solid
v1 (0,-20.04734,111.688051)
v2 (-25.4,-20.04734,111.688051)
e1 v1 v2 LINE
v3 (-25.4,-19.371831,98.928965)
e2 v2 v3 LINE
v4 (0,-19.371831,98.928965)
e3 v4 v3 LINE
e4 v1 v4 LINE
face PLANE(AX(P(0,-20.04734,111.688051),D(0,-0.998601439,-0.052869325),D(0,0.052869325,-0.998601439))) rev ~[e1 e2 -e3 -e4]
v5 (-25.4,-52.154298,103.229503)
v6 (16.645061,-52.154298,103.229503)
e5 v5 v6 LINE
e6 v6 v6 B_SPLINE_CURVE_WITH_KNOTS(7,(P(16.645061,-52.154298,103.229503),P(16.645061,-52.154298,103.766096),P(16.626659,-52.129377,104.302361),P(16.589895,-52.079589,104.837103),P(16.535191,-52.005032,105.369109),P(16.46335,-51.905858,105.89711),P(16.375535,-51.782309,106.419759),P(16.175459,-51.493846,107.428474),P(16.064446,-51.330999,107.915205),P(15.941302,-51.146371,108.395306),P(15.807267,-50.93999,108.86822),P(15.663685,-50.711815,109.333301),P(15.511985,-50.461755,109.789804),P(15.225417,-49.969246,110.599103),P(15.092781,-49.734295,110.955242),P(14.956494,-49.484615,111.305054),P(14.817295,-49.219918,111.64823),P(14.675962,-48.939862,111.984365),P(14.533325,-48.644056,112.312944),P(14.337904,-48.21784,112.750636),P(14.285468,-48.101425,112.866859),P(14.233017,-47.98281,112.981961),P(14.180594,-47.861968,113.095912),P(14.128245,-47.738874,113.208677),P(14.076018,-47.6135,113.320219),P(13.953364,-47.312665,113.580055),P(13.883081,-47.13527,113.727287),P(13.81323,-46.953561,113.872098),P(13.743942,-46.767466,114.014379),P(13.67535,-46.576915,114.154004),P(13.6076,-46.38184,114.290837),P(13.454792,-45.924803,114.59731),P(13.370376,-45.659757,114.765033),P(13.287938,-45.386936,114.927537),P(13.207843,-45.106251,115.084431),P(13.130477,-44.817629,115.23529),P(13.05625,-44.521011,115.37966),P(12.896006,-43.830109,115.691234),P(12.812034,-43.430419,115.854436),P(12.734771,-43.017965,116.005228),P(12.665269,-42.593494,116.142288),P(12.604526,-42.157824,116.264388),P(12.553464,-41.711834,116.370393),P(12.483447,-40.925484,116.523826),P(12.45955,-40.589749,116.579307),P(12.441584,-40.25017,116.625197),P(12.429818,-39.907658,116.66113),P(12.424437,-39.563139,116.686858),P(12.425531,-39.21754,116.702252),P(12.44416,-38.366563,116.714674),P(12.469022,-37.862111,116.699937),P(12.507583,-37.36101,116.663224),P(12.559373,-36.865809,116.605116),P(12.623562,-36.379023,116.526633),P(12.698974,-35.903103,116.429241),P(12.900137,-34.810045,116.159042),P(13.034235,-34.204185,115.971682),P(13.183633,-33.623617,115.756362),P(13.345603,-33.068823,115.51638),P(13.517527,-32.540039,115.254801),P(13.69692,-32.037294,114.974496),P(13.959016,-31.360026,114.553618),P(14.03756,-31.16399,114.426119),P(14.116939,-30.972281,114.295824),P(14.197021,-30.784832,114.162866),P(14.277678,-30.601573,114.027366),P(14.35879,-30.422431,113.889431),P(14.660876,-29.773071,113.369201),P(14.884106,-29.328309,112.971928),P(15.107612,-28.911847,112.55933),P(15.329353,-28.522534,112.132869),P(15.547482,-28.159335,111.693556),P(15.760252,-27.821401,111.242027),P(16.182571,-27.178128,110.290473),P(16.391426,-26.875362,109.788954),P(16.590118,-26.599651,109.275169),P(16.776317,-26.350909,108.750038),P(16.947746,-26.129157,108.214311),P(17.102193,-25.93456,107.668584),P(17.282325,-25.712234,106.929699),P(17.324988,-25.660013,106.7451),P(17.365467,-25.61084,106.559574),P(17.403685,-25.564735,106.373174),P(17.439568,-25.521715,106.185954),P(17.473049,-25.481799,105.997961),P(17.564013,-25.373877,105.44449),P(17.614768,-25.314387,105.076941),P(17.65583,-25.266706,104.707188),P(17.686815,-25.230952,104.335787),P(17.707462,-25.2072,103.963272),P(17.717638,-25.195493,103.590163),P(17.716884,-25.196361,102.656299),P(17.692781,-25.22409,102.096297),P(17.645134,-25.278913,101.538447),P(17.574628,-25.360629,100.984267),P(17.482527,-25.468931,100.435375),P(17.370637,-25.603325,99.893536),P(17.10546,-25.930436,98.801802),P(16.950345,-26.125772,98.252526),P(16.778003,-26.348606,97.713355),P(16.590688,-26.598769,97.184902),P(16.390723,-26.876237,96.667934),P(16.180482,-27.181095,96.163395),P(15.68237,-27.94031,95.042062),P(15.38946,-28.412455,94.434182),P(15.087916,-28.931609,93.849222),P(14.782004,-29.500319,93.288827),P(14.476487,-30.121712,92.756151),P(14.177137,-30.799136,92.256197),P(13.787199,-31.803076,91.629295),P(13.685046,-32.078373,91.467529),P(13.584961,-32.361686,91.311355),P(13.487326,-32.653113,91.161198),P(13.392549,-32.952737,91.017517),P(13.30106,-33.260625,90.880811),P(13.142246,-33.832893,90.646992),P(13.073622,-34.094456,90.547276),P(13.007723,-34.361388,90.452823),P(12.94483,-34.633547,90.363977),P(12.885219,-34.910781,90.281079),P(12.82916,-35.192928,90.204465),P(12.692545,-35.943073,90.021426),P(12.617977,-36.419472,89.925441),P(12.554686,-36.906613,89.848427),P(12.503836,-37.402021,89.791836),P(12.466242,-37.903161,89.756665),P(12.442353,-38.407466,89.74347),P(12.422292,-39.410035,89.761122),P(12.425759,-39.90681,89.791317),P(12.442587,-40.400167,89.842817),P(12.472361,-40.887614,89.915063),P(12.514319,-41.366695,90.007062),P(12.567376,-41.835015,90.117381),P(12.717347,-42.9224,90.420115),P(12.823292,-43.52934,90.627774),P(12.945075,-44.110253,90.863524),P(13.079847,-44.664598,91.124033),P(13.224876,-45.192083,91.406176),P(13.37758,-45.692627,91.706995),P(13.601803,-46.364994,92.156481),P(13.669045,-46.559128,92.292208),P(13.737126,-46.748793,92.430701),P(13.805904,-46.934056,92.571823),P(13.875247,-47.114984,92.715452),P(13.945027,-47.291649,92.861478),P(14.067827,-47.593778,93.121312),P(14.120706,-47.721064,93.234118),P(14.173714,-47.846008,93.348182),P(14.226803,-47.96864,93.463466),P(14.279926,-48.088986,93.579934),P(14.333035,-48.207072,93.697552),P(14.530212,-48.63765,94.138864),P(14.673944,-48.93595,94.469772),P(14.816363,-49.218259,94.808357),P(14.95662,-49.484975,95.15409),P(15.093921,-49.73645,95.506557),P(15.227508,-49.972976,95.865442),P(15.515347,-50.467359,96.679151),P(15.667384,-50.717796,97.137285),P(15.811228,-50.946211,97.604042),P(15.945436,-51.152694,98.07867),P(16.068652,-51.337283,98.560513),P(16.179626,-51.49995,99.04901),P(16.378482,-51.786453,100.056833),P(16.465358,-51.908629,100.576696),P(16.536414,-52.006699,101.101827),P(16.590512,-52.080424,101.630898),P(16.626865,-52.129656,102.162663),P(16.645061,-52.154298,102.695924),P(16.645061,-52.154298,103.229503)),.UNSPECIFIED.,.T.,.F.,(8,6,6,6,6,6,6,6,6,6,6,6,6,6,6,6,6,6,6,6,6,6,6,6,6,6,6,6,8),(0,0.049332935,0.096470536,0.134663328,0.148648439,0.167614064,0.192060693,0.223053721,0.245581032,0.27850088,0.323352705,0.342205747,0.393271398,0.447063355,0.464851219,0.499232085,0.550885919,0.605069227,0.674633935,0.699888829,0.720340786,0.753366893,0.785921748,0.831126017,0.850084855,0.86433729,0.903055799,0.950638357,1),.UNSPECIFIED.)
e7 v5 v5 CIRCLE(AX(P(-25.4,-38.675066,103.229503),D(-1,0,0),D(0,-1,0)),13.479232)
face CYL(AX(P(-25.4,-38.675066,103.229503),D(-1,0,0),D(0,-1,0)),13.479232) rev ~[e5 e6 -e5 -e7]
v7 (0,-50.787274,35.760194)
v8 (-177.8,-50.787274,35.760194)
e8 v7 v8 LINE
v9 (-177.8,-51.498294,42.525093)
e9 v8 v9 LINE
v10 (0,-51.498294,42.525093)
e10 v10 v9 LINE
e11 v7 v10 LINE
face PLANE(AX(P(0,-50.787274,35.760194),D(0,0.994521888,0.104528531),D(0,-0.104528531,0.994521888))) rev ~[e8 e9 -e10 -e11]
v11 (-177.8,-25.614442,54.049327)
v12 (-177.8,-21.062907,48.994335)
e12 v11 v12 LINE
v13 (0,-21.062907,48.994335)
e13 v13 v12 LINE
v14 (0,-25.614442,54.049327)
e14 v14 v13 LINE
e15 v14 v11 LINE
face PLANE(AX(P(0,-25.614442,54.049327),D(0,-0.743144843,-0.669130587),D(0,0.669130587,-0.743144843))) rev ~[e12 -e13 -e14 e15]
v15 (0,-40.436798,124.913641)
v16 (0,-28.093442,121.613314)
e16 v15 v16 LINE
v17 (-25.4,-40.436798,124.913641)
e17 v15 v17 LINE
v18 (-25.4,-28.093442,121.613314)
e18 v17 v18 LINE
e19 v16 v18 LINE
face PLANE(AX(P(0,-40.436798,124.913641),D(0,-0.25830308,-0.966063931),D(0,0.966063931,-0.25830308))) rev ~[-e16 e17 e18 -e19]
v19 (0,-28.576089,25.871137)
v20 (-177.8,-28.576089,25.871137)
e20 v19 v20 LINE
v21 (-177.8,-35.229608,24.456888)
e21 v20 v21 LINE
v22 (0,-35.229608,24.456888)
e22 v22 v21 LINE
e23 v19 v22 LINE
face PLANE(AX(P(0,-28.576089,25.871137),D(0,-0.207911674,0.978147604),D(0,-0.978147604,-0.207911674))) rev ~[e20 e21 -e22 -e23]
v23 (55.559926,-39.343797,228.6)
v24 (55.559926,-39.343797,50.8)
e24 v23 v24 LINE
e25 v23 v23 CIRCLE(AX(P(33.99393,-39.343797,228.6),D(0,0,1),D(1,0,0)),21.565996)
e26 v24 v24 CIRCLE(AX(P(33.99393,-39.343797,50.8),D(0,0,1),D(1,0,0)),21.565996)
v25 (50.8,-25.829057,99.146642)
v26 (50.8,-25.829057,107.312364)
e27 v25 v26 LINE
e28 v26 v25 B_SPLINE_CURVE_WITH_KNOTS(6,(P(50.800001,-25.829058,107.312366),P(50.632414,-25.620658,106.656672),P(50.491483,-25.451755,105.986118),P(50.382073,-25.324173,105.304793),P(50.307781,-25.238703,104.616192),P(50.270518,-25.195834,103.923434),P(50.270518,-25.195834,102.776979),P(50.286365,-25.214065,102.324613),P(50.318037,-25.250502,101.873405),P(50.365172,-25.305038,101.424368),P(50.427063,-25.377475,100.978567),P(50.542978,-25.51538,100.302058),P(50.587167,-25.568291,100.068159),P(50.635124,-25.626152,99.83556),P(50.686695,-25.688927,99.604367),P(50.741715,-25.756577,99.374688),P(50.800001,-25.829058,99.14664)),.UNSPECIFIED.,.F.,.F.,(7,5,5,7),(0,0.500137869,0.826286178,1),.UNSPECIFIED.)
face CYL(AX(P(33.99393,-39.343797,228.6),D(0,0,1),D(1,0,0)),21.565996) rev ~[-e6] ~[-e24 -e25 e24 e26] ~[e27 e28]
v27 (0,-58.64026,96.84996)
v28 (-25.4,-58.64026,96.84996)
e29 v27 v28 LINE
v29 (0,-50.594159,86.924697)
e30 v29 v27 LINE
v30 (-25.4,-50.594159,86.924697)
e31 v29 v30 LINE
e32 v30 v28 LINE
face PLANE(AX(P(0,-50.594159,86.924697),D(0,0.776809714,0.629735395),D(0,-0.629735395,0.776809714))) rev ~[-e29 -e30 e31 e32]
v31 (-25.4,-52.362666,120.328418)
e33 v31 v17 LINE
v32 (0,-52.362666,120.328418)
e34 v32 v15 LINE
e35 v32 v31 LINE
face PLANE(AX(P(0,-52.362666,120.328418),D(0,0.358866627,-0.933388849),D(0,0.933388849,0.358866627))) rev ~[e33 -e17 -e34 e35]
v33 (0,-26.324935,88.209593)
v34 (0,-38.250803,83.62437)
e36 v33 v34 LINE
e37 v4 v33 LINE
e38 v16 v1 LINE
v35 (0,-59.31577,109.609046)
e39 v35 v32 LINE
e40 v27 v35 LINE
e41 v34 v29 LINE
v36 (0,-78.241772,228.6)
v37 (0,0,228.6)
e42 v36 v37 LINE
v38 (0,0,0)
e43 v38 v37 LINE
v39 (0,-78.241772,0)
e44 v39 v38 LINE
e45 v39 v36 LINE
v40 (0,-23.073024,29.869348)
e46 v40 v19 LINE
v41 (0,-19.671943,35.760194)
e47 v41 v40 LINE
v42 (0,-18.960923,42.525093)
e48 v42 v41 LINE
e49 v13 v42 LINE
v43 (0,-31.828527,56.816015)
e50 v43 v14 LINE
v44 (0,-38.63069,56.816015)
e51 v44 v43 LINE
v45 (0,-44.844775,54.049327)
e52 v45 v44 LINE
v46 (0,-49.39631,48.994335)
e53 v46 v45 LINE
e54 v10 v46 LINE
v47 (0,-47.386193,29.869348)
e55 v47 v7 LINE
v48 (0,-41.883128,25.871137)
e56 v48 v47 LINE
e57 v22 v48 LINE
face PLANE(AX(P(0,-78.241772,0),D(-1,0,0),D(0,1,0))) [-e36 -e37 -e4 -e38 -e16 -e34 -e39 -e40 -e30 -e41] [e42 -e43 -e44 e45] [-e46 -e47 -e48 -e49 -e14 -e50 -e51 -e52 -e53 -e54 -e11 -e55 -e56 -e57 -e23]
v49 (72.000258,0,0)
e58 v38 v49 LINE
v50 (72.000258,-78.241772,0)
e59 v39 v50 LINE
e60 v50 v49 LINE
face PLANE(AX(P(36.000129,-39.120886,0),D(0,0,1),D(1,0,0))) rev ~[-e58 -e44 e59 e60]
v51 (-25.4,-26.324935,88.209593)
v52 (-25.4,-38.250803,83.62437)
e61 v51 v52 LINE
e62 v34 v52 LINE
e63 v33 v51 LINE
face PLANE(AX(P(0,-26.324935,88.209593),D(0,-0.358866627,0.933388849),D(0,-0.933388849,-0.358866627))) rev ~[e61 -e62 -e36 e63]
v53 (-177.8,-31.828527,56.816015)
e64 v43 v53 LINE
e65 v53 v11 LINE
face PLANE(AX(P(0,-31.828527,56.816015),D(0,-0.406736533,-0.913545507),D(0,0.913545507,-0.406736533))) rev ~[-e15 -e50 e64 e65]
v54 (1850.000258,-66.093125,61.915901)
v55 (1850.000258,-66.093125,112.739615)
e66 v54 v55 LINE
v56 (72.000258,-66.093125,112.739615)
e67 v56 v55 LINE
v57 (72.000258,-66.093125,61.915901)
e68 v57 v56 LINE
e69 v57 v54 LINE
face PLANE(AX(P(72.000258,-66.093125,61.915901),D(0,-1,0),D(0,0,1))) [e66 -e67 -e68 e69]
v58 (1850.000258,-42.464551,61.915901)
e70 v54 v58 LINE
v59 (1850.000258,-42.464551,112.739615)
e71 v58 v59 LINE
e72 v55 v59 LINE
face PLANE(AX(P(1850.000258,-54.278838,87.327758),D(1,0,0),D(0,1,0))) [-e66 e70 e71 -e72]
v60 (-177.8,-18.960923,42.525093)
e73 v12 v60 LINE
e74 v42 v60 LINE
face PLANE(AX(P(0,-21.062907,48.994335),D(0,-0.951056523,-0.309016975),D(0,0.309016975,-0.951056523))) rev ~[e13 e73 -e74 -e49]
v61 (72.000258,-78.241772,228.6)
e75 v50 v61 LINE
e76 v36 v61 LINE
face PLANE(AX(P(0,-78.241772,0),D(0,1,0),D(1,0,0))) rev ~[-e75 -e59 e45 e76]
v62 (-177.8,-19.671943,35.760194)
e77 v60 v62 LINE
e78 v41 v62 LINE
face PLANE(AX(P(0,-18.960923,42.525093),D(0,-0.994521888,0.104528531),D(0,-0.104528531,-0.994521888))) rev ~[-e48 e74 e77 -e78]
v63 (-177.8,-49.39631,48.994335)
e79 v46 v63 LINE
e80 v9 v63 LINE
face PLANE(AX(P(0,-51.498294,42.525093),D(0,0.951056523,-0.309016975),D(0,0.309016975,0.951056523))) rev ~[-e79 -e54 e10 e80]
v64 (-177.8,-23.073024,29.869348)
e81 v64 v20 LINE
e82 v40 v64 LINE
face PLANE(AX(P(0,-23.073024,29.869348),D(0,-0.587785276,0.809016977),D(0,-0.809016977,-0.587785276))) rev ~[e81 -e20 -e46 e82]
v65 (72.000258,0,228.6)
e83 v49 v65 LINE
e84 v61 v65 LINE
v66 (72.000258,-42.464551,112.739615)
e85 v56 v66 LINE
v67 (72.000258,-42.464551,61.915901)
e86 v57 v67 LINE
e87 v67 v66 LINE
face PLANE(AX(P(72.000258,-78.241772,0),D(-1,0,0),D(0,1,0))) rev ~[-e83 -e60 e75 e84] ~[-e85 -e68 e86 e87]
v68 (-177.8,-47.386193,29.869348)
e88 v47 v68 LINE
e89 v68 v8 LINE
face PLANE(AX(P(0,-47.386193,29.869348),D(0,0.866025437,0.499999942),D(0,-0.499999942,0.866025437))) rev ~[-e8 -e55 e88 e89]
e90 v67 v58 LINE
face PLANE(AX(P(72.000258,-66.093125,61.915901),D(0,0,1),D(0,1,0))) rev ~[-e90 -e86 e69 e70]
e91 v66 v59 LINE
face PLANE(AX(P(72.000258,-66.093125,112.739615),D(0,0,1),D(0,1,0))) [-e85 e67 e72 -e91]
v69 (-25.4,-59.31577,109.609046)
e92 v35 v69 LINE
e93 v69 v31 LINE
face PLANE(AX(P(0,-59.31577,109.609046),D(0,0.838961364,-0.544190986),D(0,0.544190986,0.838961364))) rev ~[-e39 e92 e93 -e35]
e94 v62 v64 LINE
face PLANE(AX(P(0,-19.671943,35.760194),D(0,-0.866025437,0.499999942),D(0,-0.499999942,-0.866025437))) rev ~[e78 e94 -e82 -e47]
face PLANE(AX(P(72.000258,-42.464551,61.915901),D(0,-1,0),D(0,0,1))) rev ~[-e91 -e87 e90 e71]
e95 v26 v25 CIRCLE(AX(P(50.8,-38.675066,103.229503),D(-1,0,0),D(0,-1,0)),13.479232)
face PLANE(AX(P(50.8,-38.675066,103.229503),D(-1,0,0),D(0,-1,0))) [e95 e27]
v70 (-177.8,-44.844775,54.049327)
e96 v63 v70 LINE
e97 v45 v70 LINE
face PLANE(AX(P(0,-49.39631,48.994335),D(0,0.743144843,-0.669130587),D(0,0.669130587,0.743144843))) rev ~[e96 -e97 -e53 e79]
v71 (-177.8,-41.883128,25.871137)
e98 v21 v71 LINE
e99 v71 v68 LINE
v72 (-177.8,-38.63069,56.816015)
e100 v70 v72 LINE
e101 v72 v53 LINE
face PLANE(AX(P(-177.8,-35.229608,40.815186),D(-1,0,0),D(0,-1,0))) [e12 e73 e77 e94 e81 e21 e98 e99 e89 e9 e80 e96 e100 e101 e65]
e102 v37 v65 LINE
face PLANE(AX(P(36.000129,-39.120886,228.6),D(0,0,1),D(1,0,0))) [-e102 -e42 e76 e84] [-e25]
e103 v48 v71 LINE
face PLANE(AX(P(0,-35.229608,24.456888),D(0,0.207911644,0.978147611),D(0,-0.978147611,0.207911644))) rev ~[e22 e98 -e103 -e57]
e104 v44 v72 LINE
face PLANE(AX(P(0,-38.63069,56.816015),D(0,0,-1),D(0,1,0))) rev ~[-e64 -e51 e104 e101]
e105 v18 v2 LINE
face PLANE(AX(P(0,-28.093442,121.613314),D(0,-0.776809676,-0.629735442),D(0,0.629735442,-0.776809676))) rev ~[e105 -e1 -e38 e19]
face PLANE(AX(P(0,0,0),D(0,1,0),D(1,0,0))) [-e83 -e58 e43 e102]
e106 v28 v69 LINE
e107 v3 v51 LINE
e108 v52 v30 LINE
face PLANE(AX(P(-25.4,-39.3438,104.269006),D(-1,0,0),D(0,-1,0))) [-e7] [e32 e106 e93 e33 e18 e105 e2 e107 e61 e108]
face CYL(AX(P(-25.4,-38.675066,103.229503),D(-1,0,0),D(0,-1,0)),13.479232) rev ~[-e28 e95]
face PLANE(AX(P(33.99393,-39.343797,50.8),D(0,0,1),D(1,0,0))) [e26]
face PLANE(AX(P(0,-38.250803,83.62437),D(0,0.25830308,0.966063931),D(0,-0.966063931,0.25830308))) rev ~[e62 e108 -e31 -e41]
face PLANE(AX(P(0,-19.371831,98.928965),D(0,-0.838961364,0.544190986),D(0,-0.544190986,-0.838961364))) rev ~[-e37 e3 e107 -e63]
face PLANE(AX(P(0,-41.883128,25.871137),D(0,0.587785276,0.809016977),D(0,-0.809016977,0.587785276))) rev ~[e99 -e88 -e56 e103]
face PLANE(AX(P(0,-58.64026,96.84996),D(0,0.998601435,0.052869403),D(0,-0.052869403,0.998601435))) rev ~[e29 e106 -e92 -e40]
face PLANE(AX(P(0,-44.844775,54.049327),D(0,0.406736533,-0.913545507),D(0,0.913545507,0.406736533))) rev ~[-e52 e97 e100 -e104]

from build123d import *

# Parameters (mm, degrees)
F0_W      = 72.000258
F0_H      = 78.241773
F1_DEPTH  = 228.6
F3_DEPTH  = 25.4
F4_R      = 21.565996
F5_DEPTH  = 177.8
F6_R      = 13.479232
F7_DEPTH  = 76.2
F8_W      = 23.628573
F8_H      = 50.823714
F9_DEPTH  = 1778
F11_DEPTH = 177.8


with BuildPart() as f1:
    # F0 (on Top) → F1 (new body)
    with BuildSketch(Plane.XY):
        with Locations((36.000129, -39.120886)):
            Rectangle(F0_W, F0_H)
    extrude(amount=F1_DEPTH)

    # F2 (on face) → F3 (join)
    with BuildSketch(Plane(origin=(0, 0, 0), x_dir=(0, -1, 0), z_dir=(-1, 0, 0))):
        Polygon((59.31577, 109.609046), (52.362666, 120.328418), (40.436798, 124.913641), (28.093442, 121.613314), (20.04734, 111.688051), (19.371831, 98.928965), (26.324935, 88.209593), (38.250803, 83.62437), (50.594159, 86.924697), (58.64026, 96.84996), align=None)
    extrude(amount=F3_DEPTH)

    # F4 (on face) → F5 (cut)
    with BuildSketch(Plane.XY.offset(228.6)):
        with Locations((33.99393, -39.343797)):
            Circle(F4_R)
    extrude(amount=-F5_DEPTH, mode=Mode.SUBTRACT)

    # F6 (on face) → F7 (cut)
    with BuildSketch(Plane(origin=(-25.4, 0, 0), x_dir=(0, -1, 0), z_dir=(-1, 0, 0))):
        with Locations((38.675066, 103.229503)):
            Circle(F6_R)
    extrude(amount=-F7_DEPTH, mode=Mode.SUBTRACT)

    # F8 (on face) → F9 (join)
    with BuildSketch(Plane.YZ.offset(72.000258)):
        with Locations((-54.278838, 87.327758)):
            Rectangle(F8_W, F8_H)
    extrude(amount=F9_DEPTH)

    # F10 (on face) → F11 (join)
    with BuildSketch(Plane(origin=(0, 0, 0), x_dir=(0, -1, 0), z_dir=(-1, 0, 0))):
        Polygon((38.63069, 56.816015), (31.828527, 56.816015), (25.614442, 54.049327), (21.062907, 48.994335), (18.960923, 42.525093), (19.671943, 35.760194), (23.073024, 29.869348), (28.576089, 25.871137), (35.229608, 24.456888), (41.883128, 25.871137), (47.386193, 29.869348), (50.787274, 35.760194), (51.498294, 42.525093), (49.39631, 48.994335), (44.844775, 54.049327), align=None)
    extrude(amount=F11_DEPTH)


solid = f1.part
